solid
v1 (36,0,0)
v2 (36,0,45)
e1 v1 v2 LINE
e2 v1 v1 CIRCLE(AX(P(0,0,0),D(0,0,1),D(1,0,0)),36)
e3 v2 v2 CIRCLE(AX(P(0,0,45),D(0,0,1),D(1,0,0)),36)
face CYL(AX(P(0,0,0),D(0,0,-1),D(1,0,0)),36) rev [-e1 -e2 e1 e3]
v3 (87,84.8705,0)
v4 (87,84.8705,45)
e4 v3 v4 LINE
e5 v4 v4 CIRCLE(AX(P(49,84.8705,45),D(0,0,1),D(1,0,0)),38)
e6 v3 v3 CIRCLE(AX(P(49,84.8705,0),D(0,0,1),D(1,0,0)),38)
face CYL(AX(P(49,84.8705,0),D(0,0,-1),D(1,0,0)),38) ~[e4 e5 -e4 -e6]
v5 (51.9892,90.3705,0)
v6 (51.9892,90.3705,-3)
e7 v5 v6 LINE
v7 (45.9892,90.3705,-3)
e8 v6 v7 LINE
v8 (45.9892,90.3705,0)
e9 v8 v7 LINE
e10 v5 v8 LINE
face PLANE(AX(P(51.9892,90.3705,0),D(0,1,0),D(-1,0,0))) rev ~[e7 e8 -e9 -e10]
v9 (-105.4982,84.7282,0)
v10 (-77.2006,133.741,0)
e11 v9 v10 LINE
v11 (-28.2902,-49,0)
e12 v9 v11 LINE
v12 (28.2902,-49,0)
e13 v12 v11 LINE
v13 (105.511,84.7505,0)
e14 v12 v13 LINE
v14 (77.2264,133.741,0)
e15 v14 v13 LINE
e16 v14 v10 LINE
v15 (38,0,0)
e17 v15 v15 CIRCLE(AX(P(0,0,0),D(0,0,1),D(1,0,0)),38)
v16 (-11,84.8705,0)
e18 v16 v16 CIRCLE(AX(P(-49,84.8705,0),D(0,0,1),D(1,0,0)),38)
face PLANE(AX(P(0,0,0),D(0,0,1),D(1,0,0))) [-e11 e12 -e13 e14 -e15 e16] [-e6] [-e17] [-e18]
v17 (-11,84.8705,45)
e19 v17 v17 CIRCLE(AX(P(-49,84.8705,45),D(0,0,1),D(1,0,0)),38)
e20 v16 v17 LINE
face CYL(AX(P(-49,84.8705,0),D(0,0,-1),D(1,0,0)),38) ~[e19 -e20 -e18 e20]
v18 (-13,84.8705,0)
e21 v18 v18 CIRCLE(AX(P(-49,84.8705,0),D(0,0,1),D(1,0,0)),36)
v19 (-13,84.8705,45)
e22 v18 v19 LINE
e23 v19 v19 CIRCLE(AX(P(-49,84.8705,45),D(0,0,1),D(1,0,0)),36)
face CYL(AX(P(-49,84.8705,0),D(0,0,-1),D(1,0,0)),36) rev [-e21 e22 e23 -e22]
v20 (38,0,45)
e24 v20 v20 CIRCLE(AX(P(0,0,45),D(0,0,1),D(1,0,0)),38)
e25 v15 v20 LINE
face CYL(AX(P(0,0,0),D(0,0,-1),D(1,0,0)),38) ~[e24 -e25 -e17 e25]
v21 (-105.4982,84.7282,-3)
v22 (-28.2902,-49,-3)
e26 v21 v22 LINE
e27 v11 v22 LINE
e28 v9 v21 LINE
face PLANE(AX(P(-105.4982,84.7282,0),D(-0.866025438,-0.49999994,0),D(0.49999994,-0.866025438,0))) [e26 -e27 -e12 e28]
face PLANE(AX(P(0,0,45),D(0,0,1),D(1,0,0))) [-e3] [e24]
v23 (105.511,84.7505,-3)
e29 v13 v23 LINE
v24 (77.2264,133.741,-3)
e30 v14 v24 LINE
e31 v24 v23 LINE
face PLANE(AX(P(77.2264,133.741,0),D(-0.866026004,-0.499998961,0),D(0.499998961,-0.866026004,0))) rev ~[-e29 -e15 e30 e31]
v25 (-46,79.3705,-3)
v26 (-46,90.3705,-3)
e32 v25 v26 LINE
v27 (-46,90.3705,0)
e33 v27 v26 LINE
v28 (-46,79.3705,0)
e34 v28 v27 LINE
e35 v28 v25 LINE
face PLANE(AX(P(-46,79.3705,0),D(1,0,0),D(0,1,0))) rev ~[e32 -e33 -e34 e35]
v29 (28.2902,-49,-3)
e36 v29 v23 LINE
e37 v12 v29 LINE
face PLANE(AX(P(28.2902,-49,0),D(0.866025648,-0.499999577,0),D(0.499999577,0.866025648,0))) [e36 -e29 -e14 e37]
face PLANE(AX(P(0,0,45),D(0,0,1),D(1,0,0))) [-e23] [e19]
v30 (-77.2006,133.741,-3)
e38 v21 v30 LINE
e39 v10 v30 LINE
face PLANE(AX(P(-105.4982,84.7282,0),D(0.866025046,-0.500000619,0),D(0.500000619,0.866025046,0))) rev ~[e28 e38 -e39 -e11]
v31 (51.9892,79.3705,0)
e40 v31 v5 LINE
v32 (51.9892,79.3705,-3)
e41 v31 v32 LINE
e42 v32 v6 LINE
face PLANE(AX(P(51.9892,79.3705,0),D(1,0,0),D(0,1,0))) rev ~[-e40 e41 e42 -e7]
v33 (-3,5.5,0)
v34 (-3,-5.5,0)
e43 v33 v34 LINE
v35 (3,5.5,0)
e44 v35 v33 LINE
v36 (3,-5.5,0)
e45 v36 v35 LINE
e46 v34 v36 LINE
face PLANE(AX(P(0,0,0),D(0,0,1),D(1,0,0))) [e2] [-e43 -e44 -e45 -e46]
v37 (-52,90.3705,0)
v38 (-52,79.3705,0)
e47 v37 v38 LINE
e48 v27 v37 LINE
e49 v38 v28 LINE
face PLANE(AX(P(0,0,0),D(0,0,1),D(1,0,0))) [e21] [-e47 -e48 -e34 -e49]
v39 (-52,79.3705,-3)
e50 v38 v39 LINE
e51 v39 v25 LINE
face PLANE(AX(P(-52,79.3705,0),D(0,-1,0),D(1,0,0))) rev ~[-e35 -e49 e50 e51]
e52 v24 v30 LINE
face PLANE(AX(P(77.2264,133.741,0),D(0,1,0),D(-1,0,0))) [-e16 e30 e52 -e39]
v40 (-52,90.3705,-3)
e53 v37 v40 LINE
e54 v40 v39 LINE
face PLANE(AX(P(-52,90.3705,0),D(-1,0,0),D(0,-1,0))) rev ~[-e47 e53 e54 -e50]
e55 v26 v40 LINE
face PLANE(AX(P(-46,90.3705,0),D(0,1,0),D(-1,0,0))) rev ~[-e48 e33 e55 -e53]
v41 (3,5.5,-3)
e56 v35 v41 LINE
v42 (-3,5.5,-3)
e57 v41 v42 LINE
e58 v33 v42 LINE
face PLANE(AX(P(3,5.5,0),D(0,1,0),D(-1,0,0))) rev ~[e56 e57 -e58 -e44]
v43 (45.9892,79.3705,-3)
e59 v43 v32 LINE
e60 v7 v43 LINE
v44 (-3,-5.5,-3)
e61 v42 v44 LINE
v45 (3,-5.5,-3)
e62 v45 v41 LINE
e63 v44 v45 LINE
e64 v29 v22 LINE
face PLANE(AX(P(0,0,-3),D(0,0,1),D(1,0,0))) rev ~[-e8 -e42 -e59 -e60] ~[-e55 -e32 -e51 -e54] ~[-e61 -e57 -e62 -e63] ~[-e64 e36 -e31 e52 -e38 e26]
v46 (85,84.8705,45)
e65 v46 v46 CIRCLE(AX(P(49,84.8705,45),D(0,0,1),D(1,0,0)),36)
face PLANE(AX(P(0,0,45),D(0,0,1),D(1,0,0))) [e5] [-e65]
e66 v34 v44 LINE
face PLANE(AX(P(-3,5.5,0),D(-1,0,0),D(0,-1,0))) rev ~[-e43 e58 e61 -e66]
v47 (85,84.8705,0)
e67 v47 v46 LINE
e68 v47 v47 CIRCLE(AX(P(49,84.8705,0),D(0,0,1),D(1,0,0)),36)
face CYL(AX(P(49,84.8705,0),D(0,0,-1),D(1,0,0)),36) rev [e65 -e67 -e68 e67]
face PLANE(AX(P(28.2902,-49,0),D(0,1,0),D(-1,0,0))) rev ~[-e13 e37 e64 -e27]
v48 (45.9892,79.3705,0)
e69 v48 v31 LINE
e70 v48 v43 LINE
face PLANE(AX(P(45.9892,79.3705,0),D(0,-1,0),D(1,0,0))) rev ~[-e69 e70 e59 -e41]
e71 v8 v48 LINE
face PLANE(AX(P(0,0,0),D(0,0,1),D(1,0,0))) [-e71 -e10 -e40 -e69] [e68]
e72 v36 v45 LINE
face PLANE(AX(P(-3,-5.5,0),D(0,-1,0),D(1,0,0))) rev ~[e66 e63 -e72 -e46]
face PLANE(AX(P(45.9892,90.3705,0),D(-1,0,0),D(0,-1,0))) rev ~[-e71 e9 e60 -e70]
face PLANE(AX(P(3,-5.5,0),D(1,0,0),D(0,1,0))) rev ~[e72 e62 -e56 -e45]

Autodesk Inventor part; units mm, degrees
ref_plane "YZ Plane" through (0, 0, 0) normal (1, 0, 0) x (0, 1, 0)
ref_plane "XZ Plane" through (0, 0, 0) normal (0, 1, 0) x (-1, 0, 0)
ref_plane "XY Plane" through (0, 0, 0) normal (0, 0, 1) x (1, 0, 0)
sketch "Sketch1" plane through (0, 0, 0) normal (0, 0, 1) x (1, 0, 0)
  circle A0 centre (0, 0) radius 49 construction
  line L0 (0, 0) -> (49, 0) construction
  circle A1 centre (49, 84.8705) radius 49 construction
  circle A2 centre (-49, 84.8705) radius 49 construction
  circle A3 centre (0, 169.741) radius 49 construction
  circle A4 centre (-98, 169.741) radius 49 construction
  circle A5 centre (98, 169.741) radius 49 construction
  circle A6 centre (-49, 84.8705) radius 36
  circle A7 centre (-98, 169.741) radius 36 construction
  circle A8 centre (0, 169.741) radius 36 construction
  circle A9 centre (98, 169.741) radius 36 construction
  circle A10 centre (49, 84.8705) radius 36
  circle A11 centre (0, 0) radius 36
  line L1 (0, 0) -> (34.6482, -34.6482) construction
  line L2 (0, 0) -> (49, 0) construction
  line L3 (-183.7192, 220.2111) -> (183.7192, 220.2111) construction
  line L4 (-52.5602, 133.741) -> (45.4398, 133.741) construction
  line L5 (-52.5602, 133.741) -> (-77.2006, 133.741) construction
  line L6 (-52.5602, 133.741) -> (28.6753, 133.741) construction
  line L7 (45.4398, 133.741) -> (133.7957, 133.741) construction
  line L8 (45.4398, 133.741) -> (77.2264, 133.741) construction
  circle A12 centre (-49, 84.8705) radius 38
  circle A13 centre (49, 84.8705) radius 38
  circle A14 centre (0, 0) radius 38
  circle A15 centre (0, 169.741) radius 38 construction
  circle A16 centre (98, 169.741) radius 38 construction
  line L9 (-140.4352, 194.241) -> (-125.4414, 220.2111) construction
  line L10 (-140.4352, 194.241) -> (-154.5803, 169.741) construction
  line L11 (140.4352, 194.241) -> (125.4414, 220.2111) construction
  line L12 (140.4352, 194.241) -> (154.5803, 169.741) construction
  line L13 (0, -49) -> (28.2902, -49) construction
  line L14 (0, -49) -> (-28.2902, -49) construction
  line L15 (0, 207.741) -> (0, -38) construction
  circle A17 centre (-98, 169.741) radius 38 construction
  line L16 (-136, 169.741) -> (136, 169.741) construction
  line L17 (-133.7957, 133.741) -> (-183.7192, 220.2111) construction
  line L18 (133.7957, 133.741) -> (183.7192, 220.2111) construction
  line L19 (-28.2902, -49) -> (-105.4982, 84.7282) construction
  line L20 (28.2902, -49) -> (105.511, 84.7505) construction
  line L21 (-93.178, 106.0673) -> (-77.2006, 133.741) construction
  line L22 (-93.178, 106.0673) -> (-61.2232, 106.0673) construction
  line L23 (-93.178, 106.0673) -> (-105.4982, 84.7282) construction
  line L24 (-77.2006, 133.741) -> (-133.7957, 133.741) construction
  line L25 (-105.4982, 84.7282) -> (-133.7957, 133.741) construction
  line L26 (89.6177, 112.2785) -> (77.2264, 133.741) construction
  line L27 (89.6177, 112.2785) -> (114.4005, 112.2785) construction
  line L28 (89.6177, 112.2785) -> (105.511, 84.7505) construction
  line L29 (77.2264, 133.741) -> (133.7957, 133.741) construction
  line L30 (105.511, 84.7505) -> (133.7957, 133.741) construction
  line L31 (77.2264, 133.741) -> (-77.2006, 133.741) construction
  line L32 (77.2264, 133.741) -> (-77.2006, 133.741)
  line L33 (-105.4982, 84.7282) -> (-77.2006, 133.741)
  line L34 (-105.4982, 84.7282) -> (-28.2902, -49)
  line L35 (28.2902, -49) -> (-28.2902, -49)
  line L36 (28.2902, -49) -> (105.511, 84.7505)
  line L37 (77.2264, 133.741) -> (105.511, 84.7505)
  dimension "d6" = 98
  dimension "d7" = 98
  dimension "d19" = 76
  dimension "d20" = 76
  dimension "d21" = 76
  dimension "d22" = 76
  dimension "d0" = 98
  dimension "d3" = 98
  dimension "d4" = 98
  dimension "d5" = 98
  dimension "d8" = 72
  dimension "d9" = 72
  dimension "d10" = 72
  dimension "d11" = 72
  dimension "d12" = 72
  dimension "d13" = 72
  dimension "d14" = 45
  dimension "d15" = 180
  dimension "d16" = 0
  dimension "d17" = 76
  dimension "d18" = 76
  dimension "d23" = 60
  dimension "d24" = 120
extrude "Extrusion1" add sketch "Sketch1" along normal blind 45 contours A12 | A13 | A14
extrude "Extrusion2" add sketch "Sketch1" against normal blind 3 contours A6 | A10 | A11 | A12 | A13 | A14 | L37 L36 L35 L34 L33 L32
sketch "Sketch2" plane through (-49, 84.8705, 0) normal (0, 0, 1) x (1, 0, 0)
  line L0 (-3, -5.5) -> (3, -5.5)
  line L1 (3, -5.5) -> (3, 5.5)
  line L2 (3, 5.5) -> (-3, 5.5)
  line L3 (-3, 5.5) -> (-3, -5.5)
  line L4 (-3, -5.5) -> (3, 5.5) construction
  line L5 (3, -5.5) -> (-3, 5.5) construction
  line L6 (94.9892, -5.5) -> (100.9892, -5.5)
  line L7 (100.9892, -5.5) -> (100.9892, 5.5)
  line L8 (100.9892, 5.5) -> (94.9892, 5.5)
  line L9 (94.9892, 5.5) -> (94.9892, -5.5)
  line L10 (94.9892, -5.5) -> (100.9892, 5.5) construction
  line L11 (100.9892, -5.5) -> (94.9892, 5.5) construction
  line L12 (46, -90.3705) -> (52, -90.3705)
  line L13 (52, -90.3705) -> (52, -79.3705)
  line L14 (52, -79.3705) -> (46, -79.3705)
  line L15 (46, -79.3705) -> (46, -90.3705)
  line L16 (46, -90.3705) -> (52, -79.3705) construction
  line L17 (52, -90.3705) -> (46, -79.3705) construction
  point P0 (49, -84.8705)
  point P1 (0, 0)
  point P2 (97.9892, 0)
  dimension "d29" = 6
  dimension "d30" = 11
  dimension "d31" = 6
  dimension "d32" = 11
  dimension "d33" = 6
  dimension "d34" = 11
extrude "Extrusion3" cut sketch "Sketch2" against normal blind 3
properties part number "base"
